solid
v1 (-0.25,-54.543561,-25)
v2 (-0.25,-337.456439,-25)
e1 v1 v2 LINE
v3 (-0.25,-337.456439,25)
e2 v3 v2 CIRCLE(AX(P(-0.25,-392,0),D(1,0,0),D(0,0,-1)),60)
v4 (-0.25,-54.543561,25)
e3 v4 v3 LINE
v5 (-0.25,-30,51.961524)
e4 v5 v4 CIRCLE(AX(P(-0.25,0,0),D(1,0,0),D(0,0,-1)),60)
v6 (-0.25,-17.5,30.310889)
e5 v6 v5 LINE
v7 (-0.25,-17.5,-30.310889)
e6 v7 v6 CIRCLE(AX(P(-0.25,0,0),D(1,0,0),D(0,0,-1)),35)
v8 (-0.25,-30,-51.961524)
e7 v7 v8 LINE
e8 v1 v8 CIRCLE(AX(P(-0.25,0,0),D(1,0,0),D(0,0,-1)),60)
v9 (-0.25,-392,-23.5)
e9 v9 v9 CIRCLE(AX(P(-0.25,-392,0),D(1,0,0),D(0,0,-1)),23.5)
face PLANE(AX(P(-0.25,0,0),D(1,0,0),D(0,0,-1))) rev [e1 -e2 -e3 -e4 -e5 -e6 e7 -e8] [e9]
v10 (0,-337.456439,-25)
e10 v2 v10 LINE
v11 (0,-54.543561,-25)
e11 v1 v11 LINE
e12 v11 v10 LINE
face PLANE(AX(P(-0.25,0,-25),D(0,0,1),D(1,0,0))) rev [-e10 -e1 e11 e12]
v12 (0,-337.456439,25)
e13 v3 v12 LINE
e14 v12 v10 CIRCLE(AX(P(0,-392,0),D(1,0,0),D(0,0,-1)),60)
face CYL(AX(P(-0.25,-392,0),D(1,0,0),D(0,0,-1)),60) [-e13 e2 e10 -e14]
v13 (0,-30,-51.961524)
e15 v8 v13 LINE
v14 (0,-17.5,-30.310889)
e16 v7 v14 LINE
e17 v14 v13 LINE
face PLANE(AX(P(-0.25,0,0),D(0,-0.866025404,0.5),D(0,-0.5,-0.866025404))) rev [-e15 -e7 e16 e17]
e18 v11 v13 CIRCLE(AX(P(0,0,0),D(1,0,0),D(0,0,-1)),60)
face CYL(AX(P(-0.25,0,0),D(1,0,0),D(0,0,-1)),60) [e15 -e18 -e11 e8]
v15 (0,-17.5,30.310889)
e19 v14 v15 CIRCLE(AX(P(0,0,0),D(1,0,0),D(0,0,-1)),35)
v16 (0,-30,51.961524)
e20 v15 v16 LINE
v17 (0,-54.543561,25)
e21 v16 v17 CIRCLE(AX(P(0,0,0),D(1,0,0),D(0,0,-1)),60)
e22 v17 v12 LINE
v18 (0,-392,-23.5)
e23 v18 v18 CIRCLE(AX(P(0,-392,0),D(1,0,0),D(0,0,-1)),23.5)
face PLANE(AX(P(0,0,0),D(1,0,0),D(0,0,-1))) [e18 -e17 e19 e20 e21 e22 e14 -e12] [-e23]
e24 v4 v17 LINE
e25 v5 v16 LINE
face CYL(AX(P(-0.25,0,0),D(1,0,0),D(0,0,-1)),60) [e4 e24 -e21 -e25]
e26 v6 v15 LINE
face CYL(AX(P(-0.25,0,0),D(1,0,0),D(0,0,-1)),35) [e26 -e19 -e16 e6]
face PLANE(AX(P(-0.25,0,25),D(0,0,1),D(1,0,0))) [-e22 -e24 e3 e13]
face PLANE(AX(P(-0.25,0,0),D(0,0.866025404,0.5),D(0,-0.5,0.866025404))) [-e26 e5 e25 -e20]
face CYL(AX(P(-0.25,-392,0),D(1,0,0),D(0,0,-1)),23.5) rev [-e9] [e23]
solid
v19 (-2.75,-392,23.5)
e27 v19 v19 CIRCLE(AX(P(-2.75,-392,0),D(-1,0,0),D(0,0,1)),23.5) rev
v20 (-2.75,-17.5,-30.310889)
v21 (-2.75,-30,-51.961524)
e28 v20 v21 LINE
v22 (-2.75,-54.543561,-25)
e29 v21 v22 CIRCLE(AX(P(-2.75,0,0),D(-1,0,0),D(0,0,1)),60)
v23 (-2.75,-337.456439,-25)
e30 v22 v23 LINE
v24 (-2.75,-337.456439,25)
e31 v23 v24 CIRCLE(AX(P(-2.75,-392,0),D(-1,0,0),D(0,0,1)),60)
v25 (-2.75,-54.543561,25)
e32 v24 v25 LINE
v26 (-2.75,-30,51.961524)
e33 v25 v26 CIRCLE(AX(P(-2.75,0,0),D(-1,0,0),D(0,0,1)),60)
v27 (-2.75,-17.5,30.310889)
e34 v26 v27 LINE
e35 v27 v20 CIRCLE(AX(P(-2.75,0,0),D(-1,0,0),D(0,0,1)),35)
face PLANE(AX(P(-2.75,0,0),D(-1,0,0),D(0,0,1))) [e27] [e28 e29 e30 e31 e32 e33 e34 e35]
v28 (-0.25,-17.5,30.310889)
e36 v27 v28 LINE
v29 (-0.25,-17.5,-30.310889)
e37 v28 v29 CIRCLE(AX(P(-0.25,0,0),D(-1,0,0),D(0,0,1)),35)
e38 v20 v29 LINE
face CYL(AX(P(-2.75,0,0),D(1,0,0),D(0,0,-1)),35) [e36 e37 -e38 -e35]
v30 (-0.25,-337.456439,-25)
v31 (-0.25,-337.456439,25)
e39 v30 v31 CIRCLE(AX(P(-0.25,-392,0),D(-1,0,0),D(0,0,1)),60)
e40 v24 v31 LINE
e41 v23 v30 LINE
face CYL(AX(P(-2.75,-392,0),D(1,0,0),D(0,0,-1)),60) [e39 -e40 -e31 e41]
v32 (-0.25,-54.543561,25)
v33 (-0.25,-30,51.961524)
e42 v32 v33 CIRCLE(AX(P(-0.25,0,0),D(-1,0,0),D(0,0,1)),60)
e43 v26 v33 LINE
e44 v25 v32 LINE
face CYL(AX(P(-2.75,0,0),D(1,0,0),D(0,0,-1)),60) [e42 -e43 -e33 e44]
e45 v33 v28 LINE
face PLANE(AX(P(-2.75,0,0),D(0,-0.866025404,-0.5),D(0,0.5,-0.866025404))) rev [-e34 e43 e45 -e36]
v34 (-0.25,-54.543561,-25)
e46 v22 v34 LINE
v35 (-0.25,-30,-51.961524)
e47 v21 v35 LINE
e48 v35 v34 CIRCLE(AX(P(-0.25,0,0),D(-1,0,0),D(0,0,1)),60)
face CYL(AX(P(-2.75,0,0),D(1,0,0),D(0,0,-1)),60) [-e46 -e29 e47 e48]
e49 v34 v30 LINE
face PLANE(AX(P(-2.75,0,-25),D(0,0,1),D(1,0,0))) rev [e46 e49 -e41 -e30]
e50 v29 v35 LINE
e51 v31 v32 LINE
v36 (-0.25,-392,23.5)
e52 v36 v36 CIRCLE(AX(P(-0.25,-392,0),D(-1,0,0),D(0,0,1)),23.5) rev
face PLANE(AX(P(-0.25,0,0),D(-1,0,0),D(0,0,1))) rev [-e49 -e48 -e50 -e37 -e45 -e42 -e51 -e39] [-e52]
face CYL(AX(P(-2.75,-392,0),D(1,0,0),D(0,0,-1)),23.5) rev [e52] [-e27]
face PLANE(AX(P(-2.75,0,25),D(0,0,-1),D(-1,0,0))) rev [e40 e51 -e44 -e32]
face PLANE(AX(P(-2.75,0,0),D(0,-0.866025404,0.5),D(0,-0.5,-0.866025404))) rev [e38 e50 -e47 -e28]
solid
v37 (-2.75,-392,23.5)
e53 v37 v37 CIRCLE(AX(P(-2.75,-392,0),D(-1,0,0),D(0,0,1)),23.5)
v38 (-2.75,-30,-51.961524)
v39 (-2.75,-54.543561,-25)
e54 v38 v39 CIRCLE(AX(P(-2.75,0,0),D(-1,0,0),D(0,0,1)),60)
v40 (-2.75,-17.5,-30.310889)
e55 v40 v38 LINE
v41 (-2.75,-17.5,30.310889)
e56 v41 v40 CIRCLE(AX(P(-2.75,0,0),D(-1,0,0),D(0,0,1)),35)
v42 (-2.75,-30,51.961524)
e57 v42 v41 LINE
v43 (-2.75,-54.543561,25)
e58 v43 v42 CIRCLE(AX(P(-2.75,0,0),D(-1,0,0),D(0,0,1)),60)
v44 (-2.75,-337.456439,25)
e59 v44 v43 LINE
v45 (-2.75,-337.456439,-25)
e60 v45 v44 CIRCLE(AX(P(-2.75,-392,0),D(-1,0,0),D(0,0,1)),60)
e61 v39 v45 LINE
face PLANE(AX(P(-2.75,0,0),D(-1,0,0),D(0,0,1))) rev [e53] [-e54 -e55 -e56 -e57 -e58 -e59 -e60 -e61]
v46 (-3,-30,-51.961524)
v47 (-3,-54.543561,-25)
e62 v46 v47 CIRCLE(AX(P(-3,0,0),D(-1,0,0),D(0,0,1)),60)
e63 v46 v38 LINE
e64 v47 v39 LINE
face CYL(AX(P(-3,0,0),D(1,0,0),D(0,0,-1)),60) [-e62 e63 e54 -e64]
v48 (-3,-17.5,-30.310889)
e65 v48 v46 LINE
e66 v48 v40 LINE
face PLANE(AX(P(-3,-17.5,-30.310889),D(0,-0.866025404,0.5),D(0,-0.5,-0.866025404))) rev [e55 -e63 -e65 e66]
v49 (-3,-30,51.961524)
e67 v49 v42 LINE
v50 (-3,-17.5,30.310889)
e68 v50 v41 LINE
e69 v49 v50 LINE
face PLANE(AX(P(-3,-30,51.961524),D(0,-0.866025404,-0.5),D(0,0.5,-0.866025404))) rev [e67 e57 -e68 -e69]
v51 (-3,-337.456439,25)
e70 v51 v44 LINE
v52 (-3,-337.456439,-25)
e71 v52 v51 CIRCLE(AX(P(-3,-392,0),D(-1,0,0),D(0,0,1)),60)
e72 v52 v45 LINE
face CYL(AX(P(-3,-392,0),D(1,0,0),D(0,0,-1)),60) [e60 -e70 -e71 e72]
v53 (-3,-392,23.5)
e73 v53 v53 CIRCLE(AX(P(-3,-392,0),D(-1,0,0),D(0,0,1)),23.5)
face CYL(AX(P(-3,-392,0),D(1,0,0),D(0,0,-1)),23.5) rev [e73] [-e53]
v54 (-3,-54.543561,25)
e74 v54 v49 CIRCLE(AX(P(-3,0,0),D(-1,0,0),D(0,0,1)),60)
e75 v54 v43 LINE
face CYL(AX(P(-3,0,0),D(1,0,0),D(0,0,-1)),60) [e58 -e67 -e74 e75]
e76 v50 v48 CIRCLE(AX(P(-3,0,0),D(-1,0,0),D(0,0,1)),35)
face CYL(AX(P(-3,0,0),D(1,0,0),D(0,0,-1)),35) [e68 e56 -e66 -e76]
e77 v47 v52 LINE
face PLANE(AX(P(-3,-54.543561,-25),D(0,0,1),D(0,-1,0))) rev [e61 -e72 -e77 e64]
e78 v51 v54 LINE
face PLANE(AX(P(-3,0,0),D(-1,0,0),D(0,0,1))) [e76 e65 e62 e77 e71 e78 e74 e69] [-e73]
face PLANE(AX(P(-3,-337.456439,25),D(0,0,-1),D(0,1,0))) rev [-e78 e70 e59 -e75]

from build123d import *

# Parameters (mm, degrees)
SKETCH1_R           = 35
SKETCH1_R_2         = 60
SKETCH1_R_3         = 23.5
BOSS_EXTRUDE1_DEPTH = 0.25
SKETCH2_R           = 23.5
BOSS_EXTRUDE2_DEPTH = 2.5
SKETCH4_R           = 23.5
BOSS_EXTRUDE3_DEPTH = 0.25


with BuildPart() as part:
    # Sketch1 → Boss-Extrude1 (new body)
    with BuildSketch(Plane(origin=(0, 0, 0), x_dir=(0, 0, -1), z_dir=(1, 0, 0))):
        Circle(SKETCH1_R)
        with BuildLine():
            ThreePointArc((30.310889132, -17.5), (0, -35), (-30.310889132, -17.5))
            Line((-30.310889132, -17.5), (-51.961524227, -30))
            ThreePointArc((-51.961524227, -30), (-40.390167668, -44.369295191), (-25, -54.543560573))
            ThreePointArc((-25, -54.543560573), (0, -60), (25, -54.543560573))
            ThreePointArc((25, -54.543560573), (40.390167668, -44.369295191), (51.961524227, -30))
            Line((51.961524227, -30), (30.310889132, -17.5))
        make_face()
        with BuildLine():
            ThreePointArc((25, -54.543560573), (0, -60), (-25, -54.543560573))
            Line((-25, -54.543560573), (-25, -337.456439427))
            ThreePointArc((-25, -337.456439427), (0, -332), (25, -337.456439427))
            Line((25, -337.456439427), (25, -54.543560573))
        make_face()
        with Locations((0, -392)):
            Circle(SKETCH1_R_2)
        with Locations((0, -392)):
            Circle(SKETCH1_R_3, mode=Mode.SUBTRACT)
    extrude(amount=-BOSS_EXTRUDE1_DEPTH)


with BuildPart() as body_2:
    # Sketch2 → Boss-Extrude2 (new body)
    with BuildSketch(Plane.ZY.offset(0.25)):
        with BuildLine():
            Line((-30.310889132, -17.5), (-51.961524227, -30))
            ThreePointArc((-51.961524227, -30), (-40.390167668, -44.369295191), (-25, -54.543560573))
            Line((-25, -54.543560573), (-25, -337.456439427))
            ThreePointArc((-25, -337.456439427), (0, -452), (25, -337.456439427))
            Line((25, -337.456439427), (25, -54.543560573))
            ThreePointArc((25, -54.543560573), (40.390167668, -44.369295191), (51.961524227, -30))
            Line((51.961524227, -30), (30.310889132, -17.5))
            ThreePointArc((30.310889132, -17.5), (0, 35), (-30.310889132, -17.5))
        make_face()
        with Locations((0, -392)):
            Circle(SKETCH2_R, mode=Mode.SUBTRACT)
    extrude(amount=BOSS_EXTRUDE2_DEPTH)


with BuildPart() as body_3:
    # Sketch4 → Boss-Extrude3 (new body)
    with BuildSketch(Plane.ZY.offset(2.75)):
        with BuildLine():
            Line((51.961524227, -30), (30.310889132, -17.5))
            ThreePointArc((30.310889132, -17.5), (0, 35), (-30.310889132, -17.5))
            Line((-30.310889132, -17.5), (-51.961524227, -30))
            ThreePointArc((-51.961524227, -30), (-40.390167668, -44.369295191), (-25, -54.543560573))
            Line((-25, -54.543560573), (-25, -337.456439427))
            ThreePointArc((-25, -337.456439427), (0, -452), (25, -337.456439427))
            Line((25, -337.456439427), (25, -54.543560573))
            ThreePointArc((25, -54.543560573), (40.390167668, -44.369295191), (51.961524227, -30))
        make_face()
        with Locations((0, -392)):
            Circle(SKETCH4_R, mode=Mode.SUBTRACT)
    extrude(amount=BOSS_EXTRUDE3_DEPTH)


solid = Compound([part.part, body_2.part, body_3.part])
